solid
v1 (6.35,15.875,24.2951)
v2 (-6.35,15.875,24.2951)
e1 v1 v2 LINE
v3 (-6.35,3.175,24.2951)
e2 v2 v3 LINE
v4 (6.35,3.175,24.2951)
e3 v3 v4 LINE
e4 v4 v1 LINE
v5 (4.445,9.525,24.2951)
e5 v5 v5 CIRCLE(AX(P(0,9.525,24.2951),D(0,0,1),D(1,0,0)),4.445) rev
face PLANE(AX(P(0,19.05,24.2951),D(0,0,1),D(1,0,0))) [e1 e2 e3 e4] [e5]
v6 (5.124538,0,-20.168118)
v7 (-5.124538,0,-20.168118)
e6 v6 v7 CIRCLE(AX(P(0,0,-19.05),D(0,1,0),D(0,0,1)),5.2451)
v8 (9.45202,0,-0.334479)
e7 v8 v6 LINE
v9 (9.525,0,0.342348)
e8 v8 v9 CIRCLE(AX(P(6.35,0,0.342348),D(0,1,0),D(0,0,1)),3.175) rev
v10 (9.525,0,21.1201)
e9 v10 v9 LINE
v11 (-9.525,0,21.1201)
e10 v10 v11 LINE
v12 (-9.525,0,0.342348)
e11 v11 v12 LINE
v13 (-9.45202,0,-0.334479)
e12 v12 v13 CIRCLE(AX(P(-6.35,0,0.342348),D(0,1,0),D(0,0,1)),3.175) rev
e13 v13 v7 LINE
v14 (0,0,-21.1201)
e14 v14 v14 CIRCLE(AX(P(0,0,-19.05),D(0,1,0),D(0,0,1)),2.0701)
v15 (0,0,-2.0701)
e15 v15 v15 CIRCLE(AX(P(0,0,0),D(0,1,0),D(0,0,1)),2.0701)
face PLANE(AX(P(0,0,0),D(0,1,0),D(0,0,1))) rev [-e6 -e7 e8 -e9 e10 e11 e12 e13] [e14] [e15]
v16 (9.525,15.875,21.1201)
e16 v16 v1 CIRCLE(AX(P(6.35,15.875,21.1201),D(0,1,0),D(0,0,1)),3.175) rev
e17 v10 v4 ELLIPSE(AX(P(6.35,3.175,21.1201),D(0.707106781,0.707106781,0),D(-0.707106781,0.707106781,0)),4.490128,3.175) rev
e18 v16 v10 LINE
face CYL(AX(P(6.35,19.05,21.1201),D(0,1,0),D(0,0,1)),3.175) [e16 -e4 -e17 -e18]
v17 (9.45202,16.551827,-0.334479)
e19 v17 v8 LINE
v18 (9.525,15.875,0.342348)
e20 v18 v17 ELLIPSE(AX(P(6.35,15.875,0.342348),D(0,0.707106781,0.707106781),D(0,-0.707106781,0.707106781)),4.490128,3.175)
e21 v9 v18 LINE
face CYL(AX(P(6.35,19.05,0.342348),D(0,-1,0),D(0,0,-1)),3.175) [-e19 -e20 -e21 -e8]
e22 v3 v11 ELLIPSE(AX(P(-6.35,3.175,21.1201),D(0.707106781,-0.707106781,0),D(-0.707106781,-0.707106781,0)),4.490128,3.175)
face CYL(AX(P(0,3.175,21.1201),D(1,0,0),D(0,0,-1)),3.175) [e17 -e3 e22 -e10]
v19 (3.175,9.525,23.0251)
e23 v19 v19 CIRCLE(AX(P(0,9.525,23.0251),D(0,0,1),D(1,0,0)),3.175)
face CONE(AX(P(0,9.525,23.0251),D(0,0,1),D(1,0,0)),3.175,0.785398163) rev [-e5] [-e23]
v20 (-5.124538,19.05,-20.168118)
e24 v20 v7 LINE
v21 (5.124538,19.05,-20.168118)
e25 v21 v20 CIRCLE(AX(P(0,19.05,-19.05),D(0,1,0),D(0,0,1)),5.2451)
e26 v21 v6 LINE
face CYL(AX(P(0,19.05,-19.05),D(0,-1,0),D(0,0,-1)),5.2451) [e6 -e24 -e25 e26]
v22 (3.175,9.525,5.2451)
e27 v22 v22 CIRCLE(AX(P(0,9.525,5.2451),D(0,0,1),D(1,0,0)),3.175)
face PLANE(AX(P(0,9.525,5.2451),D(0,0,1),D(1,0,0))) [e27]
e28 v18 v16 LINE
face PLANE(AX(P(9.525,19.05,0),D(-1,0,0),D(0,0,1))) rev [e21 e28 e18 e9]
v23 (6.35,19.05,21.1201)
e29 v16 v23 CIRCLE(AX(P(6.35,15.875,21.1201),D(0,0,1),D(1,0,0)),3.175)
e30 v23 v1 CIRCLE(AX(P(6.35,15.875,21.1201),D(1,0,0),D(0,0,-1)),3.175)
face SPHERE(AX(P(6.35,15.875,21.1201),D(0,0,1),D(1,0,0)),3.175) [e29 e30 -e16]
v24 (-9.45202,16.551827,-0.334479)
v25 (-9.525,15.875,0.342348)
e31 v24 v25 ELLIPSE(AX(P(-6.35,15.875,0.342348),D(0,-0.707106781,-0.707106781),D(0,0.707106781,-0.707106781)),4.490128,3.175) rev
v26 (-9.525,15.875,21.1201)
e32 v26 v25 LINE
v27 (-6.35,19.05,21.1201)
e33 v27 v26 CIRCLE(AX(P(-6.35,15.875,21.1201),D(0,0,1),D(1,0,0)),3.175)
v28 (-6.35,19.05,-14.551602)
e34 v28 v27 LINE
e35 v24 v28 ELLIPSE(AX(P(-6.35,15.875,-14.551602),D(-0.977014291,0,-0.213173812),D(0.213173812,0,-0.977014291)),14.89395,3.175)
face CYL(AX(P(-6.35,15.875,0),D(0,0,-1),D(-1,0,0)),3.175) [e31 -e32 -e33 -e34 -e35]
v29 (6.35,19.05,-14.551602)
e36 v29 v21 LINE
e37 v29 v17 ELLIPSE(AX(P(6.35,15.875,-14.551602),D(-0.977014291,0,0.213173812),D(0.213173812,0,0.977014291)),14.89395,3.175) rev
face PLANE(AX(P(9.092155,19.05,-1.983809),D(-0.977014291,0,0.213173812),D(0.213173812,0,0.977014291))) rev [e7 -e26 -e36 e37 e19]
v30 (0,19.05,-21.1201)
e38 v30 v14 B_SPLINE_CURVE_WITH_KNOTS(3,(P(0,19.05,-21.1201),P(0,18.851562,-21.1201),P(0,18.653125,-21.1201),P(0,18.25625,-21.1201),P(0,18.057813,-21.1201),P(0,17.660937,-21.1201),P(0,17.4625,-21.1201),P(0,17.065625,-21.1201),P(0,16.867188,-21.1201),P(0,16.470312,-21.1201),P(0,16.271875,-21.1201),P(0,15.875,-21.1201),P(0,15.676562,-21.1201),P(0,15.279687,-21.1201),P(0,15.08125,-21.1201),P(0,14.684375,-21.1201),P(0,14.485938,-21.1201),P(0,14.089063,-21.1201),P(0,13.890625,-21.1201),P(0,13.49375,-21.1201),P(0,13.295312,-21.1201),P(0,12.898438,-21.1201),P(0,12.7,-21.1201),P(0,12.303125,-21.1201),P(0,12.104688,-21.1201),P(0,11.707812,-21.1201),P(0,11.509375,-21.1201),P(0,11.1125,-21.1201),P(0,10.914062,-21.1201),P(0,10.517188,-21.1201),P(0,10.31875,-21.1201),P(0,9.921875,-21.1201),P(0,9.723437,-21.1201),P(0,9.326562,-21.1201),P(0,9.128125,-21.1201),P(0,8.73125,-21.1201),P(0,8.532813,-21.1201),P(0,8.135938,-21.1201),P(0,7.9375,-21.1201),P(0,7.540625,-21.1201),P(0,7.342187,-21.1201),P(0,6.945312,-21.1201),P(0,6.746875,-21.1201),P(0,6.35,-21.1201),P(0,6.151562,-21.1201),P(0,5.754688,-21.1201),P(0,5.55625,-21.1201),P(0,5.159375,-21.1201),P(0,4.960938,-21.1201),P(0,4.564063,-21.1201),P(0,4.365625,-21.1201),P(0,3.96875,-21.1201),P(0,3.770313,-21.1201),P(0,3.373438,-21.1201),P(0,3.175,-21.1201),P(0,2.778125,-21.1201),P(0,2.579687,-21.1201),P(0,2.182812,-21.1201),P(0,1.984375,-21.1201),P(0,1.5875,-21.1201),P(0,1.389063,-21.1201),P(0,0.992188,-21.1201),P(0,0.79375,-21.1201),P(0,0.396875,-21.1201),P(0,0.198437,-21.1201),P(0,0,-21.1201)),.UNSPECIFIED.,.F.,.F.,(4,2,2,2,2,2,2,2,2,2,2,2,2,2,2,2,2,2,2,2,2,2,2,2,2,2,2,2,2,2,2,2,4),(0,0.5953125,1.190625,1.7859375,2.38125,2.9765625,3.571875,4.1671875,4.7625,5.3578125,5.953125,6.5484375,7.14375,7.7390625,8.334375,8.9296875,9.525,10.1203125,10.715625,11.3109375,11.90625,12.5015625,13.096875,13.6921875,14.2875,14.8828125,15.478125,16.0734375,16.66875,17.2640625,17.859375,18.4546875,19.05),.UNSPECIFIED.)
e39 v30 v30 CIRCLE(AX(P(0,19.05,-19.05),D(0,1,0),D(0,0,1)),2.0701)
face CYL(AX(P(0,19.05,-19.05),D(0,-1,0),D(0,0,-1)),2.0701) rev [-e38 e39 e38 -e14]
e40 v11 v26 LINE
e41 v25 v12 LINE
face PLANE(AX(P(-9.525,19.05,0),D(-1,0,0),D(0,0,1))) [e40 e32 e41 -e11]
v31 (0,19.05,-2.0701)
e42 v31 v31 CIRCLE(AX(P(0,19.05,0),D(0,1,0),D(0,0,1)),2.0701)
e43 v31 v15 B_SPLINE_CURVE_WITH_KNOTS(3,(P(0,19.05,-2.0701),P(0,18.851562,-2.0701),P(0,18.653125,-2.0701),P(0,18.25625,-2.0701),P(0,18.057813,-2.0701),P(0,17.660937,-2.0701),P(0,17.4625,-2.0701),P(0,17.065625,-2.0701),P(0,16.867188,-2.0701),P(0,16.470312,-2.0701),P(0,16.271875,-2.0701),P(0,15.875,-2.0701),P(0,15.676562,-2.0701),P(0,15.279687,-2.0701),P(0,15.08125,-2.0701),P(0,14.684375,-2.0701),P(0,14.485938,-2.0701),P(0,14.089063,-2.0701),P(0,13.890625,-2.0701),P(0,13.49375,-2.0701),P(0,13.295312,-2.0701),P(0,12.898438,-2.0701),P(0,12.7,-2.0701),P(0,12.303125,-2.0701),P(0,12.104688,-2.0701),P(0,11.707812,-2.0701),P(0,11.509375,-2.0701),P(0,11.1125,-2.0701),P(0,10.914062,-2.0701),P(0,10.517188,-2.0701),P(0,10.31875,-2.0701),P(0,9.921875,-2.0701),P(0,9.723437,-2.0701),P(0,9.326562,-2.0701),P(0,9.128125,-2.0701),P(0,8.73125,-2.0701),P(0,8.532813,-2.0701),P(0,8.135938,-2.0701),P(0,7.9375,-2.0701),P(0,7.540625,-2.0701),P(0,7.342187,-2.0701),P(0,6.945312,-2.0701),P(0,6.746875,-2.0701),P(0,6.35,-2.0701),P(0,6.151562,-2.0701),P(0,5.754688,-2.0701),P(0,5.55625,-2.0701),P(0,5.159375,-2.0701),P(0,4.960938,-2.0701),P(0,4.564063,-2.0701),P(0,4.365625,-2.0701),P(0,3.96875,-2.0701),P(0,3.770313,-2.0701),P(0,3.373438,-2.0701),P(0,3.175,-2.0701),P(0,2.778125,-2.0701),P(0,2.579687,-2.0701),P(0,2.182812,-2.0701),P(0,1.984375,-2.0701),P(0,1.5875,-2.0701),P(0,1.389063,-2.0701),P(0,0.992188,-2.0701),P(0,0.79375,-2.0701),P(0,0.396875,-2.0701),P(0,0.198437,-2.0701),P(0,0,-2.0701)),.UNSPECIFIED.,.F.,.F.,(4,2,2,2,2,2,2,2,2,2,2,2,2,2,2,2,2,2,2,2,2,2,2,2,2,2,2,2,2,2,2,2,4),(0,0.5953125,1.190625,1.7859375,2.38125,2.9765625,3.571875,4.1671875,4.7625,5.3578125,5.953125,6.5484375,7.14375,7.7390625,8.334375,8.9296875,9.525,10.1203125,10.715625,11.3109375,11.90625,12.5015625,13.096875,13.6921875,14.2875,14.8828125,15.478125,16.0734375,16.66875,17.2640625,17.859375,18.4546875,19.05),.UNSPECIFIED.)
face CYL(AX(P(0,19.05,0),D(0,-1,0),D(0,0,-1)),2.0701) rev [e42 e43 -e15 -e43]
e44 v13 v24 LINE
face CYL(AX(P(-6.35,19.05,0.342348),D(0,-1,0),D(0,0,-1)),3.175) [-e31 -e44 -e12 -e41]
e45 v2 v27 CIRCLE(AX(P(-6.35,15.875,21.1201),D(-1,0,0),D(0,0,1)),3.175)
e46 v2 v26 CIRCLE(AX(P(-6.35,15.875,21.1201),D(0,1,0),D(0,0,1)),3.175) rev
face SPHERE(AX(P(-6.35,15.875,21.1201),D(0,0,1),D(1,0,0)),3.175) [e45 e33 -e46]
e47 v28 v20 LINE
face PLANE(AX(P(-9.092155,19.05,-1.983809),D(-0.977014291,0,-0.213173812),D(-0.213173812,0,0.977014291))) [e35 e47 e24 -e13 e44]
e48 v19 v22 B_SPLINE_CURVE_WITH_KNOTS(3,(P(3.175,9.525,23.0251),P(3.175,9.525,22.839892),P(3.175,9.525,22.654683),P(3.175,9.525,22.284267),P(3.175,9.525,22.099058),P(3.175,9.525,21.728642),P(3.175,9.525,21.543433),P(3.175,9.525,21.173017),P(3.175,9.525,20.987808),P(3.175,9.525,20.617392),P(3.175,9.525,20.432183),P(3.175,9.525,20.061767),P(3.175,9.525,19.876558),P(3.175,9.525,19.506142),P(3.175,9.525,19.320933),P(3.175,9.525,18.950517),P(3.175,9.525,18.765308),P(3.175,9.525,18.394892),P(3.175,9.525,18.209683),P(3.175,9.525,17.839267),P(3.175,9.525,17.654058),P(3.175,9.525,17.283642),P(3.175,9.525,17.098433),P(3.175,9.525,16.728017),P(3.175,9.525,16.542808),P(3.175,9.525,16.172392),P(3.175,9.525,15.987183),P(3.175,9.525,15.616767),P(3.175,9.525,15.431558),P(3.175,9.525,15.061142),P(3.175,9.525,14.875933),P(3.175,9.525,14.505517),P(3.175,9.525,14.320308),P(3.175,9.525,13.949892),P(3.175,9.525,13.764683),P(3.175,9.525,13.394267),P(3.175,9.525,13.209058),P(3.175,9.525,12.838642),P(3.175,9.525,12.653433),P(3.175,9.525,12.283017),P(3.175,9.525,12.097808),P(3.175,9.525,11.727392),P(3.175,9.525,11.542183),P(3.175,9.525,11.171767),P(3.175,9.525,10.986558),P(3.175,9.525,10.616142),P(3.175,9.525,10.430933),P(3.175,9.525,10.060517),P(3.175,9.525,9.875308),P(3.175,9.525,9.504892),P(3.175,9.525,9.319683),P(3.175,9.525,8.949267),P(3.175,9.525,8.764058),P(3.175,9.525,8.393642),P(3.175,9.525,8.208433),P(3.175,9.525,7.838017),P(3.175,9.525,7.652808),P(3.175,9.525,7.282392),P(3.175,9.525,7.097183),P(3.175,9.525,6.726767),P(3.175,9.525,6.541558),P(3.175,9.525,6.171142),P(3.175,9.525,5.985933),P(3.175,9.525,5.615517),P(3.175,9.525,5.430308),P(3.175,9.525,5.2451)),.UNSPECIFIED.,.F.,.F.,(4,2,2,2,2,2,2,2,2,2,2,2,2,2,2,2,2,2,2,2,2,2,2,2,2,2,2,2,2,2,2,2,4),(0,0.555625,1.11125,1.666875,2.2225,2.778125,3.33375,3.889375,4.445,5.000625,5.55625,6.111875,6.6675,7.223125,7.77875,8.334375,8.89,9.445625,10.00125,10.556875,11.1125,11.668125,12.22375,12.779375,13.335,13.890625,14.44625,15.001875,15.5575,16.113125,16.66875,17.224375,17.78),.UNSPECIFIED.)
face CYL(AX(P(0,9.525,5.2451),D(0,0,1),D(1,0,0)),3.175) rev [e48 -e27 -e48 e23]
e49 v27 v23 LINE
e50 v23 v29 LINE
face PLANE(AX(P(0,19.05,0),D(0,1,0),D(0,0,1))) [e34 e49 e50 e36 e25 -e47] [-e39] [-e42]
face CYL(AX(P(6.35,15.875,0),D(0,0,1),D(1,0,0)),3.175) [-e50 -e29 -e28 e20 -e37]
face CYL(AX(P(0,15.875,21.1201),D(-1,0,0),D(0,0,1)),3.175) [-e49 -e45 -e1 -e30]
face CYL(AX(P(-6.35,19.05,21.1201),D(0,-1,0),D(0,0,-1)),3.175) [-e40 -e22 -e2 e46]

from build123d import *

# Parameters (mm, degrees)
SKETCH2_R           = 2.0701
BOSS_EXTRUDE1_DEPTH = 19.05
SKETCH3_R           = 3.175
CUT_EXTRUDE1_DEPTH  = 19.05
CHAMFER1_SIZE       = 1.27
FILLET1_R           = 3.175


with BuildPart() as part:
    # Sketch2 → Boss-Extrude1 (new body)
    with BuildSketch(Plane(origin=(0, 0, 0), x_dir=(1, 0, 0), z_dir=(0, 1, 0))):
        with BuildLine():
            Line((9.525, -24.2951), (-9.525, -24.2951))
            Line((-9.525, -24.2951), (-9.525, 0))
            Line((-9.525, 0), (-5.12453766, 20.168117963))
            ThreePointArc((-5.12453766, 20.168117963), (0, 24.2951), (5.12453766, 20.168117963))
            Line((5.12453766, 20.168117963), (9.525, 0))
            Line((9.525, 0), (9.525, -24.2951))
        make_face()
        with Locations(Location((0, 0, 0), (0, 0, 90))):
            Circle(SKETCH2_R, mode=Mode.SUBTRACT)
        with Locations(Location((0, 19.05, 0), (0, 0, 90))):
            Circle(SKETCH2_R, mode=Mode.SUBTRACT)
    extrude(amount=BOSS_EXTRUDE1_DEPTH)

    # Sketch3 → Cut-Extrude1 (cut)
    with BuildSketch(Plane.XY.offset(24.2951)):
        with Locations((0, 9.525)):
            Circle(SKETCH3_R)
    extrude(amount=-CUT_EXTRUDE1_DEPTH, mode=Mode.SUBTRACT)

    # Chamfer1
    chamfer1_edges = [part.edges().sort_by_distance(p)[0] for p in [
        (-3.175, 9.525, 24.2951),
    ]]
    chamfer(chamfer1_edges, length=CHAMFER1_SIZE)

    # Fillet1
    fillet1_edges = [part.edges().sort_by_distance(p)[0] for p in [
        (9.525, 9.525, 0),
        (9.525, 9.525, 24.2951),
        (-9.525, 9.525, 24.2951),
        (-9.525, 9.525, 0),
        (-9.525, 19.05, 12.14755),
        (0, 19.05, 24.2951),
        (9.525, 19.05, 12.14755),
        (0, 0, 24.2951),
    ]]
    fillet(fillet1_edges, radius=FILLET1_R)


solid = part.part
